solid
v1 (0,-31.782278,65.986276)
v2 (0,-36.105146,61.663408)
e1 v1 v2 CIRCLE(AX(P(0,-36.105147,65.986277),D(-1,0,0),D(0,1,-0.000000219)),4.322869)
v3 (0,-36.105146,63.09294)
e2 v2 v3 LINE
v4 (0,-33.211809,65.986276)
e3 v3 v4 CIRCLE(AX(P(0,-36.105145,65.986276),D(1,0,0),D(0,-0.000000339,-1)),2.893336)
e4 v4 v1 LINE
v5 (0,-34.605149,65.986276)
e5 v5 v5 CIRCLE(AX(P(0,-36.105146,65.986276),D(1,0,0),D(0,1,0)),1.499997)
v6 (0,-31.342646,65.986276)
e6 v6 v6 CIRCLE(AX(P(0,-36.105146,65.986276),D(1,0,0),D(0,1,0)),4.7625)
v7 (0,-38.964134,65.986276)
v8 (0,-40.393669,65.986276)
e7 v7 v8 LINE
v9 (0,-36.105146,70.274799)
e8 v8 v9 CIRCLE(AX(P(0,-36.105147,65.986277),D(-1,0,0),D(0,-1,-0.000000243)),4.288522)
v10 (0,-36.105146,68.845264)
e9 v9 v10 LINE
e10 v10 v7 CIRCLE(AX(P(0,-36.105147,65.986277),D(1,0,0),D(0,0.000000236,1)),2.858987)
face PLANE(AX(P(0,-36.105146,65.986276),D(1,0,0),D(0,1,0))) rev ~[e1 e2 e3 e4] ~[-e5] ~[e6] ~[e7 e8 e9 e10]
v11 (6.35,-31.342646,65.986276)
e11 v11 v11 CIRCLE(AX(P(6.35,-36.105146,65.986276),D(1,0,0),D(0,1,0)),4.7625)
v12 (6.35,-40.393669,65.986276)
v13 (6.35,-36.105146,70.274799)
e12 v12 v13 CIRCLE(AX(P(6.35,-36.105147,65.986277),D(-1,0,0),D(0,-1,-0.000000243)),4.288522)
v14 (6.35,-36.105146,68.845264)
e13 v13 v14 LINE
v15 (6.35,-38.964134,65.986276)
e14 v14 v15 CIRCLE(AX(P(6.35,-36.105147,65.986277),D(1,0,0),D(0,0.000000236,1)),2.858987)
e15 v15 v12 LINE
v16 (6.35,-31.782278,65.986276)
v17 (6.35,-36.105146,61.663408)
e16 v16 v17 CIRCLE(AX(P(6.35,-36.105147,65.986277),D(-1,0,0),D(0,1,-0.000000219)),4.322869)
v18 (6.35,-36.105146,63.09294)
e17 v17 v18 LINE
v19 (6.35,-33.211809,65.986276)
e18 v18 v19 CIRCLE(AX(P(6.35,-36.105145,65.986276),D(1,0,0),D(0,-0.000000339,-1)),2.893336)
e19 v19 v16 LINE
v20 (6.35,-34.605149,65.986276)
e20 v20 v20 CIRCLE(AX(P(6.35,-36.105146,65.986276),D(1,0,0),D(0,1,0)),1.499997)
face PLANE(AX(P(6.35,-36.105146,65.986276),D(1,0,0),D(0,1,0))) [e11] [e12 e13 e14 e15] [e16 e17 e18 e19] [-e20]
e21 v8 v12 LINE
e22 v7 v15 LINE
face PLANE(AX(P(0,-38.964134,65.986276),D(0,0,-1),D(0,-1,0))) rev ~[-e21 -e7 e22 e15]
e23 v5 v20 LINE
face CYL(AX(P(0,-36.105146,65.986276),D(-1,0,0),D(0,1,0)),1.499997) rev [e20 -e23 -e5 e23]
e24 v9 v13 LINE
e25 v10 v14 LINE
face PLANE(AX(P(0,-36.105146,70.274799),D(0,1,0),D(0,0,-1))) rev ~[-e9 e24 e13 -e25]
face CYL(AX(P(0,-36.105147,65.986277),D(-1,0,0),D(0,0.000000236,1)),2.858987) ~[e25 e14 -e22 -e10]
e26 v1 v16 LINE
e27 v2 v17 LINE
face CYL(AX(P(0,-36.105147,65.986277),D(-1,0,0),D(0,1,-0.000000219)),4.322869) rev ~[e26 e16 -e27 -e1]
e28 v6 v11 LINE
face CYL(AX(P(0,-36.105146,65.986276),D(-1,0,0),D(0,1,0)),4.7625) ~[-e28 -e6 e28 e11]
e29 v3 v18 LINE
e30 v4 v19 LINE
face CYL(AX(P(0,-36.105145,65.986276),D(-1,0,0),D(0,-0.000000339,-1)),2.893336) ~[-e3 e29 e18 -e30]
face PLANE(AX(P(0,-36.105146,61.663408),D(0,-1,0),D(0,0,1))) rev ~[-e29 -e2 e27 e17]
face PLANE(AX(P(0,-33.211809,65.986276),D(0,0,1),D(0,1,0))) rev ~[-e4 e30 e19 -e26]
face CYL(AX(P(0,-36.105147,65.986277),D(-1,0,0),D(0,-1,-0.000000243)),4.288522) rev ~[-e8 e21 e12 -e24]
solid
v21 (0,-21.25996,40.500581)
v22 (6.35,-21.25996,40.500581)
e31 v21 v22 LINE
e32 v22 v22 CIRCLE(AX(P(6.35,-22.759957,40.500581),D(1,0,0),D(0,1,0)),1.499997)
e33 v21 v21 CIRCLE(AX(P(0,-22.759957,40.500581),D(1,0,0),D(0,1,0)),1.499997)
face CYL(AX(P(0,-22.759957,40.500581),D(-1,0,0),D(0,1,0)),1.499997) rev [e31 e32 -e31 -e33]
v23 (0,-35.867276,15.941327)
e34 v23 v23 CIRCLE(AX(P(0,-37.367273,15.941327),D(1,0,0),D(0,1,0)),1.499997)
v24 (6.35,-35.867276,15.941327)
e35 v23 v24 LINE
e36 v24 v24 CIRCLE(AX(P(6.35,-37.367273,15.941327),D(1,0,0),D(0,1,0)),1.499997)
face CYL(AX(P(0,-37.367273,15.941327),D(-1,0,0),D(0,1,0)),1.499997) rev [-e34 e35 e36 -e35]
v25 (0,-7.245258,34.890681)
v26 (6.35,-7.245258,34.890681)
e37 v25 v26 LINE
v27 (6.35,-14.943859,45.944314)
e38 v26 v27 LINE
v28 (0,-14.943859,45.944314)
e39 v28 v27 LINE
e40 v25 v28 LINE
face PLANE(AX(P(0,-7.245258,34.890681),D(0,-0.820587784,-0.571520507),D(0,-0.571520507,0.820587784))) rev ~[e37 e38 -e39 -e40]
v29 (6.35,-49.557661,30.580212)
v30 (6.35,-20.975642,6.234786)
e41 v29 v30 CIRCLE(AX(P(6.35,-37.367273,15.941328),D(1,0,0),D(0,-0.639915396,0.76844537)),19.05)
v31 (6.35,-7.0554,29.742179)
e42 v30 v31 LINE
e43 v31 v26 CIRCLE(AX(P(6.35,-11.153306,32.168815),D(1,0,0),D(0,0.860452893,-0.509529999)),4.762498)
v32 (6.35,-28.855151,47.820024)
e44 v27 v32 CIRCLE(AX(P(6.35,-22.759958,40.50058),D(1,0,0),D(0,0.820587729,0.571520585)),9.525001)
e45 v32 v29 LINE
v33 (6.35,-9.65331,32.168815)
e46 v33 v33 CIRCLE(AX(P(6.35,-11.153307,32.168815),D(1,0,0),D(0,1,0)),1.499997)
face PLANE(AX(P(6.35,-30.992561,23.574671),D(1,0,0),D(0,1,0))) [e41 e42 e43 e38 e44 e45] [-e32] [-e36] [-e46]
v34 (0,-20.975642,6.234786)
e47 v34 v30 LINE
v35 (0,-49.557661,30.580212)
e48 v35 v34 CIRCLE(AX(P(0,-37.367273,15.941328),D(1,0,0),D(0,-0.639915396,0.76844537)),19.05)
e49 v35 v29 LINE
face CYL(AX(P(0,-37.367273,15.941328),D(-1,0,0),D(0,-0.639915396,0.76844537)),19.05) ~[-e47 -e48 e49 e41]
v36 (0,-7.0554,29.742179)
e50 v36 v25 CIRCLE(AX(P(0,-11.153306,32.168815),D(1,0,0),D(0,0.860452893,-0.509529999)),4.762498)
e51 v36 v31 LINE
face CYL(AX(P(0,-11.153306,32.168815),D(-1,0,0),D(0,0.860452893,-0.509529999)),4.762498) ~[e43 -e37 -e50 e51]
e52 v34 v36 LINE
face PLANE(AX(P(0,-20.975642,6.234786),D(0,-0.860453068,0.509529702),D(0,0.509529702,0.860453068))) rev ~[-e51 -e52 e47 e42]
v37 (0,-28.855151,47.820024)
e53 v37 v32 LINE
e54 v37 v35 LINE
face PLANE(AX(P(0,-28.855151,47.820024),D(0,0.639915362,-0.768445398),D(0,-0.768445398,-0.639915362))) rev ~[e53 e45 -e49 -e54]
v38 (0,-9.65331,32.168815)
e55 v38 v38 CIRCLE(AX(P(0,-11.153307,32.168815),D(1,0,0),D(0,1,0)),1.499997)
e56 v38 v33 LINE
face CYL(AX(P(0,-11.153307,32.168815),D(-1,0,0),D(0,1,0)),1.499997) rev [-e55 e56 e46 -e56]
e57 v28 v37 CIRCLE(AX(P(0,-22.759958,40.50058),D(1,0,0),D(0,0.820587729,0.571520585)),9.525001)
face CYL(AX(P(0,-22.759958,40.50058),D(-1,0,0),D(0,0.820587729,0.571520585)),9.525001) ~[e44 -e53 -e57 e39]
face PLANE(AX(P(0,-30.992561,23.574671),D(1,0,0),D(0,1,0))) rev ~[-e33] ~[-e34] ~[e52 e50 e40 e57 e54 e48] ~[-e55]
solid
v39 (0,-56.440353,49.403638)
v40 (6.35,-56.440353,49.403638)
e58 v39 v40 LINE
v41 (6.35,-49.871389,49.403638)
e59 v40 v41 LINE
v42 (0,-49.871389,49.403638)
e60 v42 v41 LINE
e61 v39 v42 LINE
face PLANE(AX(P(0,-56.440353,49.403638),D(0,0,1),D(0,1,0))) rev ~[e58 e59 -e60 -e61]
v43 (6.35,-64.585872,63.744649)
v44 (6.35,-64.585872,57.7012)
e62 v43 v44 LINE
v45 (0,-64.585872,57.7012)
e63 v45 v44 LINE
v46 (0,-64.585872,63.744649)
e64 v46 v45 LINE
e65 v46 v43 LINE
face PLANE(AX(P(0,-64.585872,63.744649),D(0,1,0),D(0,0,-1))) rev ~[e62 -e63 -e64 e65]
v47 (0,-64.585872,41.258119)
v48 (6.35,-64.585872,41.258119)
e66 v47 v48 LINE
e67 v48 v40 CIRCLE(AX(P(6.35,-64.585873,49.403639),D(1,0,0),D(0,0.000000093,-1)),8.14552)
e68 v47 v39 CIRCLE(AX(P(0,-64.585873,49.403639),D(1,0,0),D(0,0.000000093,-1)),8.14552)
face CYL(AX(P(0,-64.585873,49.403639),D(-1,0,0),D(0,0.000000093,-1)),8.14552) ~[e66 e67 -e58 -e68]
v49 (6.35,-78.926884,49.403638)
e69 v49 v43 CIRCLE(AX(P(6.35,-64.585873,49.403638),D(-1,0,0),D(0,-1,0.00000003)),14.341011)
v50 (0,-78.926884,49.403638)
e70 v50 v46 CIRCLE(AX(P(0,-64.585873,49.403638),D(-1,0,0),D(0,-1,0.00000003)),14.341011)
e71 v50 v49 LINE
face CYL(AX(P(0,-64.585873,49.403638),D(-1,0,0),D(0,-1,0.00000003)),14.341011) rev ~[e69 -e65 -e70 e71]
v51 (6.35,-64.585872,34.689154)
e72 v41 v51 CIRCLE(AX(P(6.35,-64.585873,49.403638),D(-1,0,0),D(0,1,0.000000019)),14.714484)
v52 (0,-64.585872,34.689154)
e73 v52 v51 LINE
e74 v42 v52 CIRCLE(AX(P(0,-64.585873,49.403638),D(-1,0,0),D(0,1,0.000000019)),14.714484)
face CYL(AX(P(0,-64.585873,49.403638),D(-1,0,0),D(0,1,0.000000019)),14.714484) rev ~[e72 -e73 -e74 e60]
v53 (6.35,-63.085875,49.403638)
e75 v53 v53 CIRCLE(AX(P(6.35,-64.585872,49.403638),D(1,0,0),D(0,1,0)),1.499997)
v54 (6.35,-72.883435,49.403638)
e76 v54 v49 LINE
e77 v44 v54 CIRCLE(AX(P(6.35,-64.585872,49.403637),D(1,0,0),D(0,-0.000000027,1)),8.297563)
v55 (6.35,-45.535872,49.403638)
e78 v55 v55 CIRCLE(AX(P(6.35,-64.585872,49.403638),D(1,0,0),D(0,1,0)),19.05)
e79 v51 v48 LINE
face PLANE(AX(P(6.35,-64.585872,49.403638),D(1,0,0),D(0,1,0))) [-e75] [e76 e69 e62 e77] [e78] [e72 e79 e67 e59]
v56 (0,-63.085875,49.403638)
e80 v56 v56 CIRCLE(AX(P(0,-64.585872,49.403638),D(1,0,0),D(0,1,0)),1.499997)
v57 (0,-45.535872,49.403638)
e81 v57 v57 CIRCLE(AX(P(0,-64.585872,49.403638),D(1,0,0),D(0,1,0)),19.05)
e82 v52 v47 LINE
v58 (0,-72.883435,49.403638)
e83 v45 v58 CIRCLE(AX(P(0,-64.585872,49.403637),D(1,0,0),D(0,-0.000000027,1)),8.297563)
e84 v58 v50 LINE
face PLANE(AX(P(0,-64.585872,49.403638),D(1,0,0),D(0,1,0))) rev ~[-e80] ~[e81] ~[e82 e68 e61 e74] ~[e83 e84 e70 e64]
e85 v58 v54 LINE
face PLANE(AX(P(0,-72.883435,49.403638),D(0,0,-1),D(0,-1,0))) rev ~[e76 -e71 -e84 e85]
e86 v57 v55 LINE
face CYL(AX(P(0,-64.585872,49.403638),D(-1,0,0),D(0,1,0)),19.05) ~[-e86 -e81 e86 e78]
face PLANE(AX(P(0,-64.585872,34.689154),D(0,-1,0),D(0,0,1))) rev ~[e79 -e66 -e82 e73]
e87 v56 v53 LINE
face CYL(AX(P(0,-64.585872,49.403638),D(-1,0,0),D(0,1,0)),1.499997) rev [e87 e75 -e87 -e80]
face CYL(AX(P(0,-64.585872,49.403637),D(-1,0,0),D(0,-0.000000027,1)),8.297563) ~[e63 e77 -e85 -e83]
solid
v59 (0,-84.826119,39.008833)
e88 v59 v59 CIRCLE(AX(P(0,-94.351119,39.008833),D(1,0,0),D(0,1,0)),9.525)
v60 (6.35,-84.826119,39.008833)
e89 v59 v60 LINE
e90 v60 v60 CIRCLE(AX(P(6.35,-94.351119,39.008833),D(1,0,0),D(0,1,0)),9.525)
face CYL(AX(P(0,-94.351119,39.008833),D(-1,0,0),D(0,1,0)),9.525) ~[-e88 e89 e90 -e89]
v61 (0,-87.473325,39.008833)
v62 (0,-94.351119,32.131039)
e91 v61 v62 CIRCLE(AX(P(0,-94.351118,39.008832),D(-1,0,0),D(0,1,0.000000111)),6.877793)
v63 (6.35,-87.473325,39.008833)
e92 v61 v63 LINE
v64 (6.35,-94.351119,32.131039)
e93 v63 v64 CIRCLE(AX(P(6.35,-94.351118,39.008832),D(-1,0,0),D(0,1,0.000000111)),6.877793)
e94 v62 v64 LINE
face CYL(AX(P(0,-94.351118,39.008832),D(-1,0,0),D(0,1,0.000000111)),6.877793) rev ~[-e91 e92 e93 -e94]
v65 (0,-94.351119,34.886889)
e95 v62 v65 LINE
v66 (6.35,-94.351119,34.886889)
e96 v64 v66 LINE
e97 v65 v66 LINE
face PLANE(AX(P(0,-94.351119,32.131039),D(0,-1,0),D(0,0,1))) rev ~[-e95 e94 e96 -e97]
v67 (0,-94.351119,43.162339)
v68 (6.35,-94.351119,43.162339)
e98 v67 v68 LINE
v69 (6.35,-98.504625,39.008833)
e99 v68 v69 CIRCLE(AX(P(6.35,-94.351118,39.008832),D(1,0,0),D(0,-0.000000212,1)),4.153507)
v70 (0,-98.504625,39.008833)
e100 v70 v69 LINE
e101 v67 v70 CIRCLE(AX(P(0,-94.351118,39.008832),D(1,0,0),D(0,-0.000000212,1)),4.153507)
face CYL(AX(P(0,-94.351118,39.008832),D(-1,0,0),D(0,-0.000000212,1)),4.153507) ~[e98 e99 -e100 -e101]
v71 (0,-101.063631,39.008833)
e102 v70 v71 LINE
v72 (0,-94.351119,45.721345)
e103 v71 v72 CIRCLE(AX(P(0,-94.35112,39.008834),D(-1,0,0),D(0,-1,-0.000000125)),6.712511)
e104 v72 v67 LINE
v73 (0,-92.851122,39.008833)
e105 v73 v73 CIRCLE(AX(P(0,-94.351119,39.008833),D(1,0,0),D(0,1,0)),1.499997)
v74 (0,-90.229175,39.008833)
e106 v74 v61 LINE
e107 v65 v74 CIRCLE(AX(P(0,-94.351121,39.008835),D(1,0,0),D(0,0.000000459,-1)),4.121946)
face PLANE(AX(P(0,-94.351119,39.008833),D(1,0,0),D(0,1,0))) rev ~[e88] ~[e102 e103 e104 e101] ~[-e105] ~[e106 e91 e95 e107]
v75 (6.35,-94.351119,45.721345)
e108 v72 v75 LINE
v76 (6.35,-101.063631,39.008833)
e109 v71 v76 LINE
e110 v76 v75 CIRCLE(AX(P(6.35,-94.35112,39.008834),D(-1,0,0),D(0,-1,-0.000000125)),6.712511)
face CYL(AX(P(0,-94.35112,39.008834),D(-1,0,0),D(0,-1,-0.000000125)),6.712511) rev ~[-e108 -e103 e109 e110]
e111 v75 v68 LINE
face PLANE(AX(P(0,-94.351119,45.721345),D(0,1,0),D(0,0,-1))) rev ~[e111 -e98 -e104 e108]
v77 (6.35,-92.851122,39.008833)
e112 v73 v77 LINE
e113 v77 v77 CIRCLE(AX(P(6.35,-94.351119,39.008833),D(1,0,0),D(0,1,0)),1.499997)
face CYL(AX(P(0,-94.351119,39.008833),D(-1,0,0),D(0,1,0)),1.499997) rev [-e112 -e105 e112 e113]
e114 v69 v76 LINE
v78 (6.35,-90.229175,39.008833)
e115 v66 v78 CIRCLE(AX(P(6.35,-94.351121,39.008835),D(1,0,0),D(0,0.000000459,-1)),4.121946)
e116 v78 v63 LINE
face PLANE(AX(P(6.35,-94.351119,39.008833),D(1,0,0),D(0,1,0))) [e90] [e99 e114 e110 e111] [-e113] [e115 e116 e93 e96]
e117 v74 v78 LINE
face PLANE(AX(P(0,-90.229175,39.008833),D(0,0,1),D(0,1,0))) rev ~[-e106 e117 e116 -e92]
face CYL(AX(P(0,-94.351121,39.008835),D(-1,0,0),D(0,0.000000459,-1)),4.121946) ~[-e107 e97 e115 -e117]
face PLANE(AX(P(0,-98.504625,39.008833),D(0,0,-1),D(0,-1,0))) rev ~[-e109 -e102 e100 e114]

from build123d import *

# Parameters (mm, degrees)
F0_R     = 1.499997
F0_R_2   = 9.525
F0_R_3   = 19.05
F0_R_4   = 4.7625
F1_DEPTH = 6.35


with BuildPart() as f1:
    # F0 (on Right) → F1 (new body)
    with BuildSketch(Plane.YZ):
        with BuildLine():
            Line((-20.975642, 6.234786), (-7.0554, 29.742179))
            ThreePointArc((-7.0554, 29.742179), (-6.394042, 32.344319), (-7.245258, 34.890681))
            Line((-7.245258, 34.890681), (-14.943859, 45.944314))
            ThreePointArc((-14.943859, 45.944314), (-21.487185, 49.940161), (-28.855151, 47.820024))
            Line((-28.855151, 47.820024), (-49.557661, 30.580212))
            ThreePointArc((-49.557661, 30.580212), (-49.719906, 1.439088), (-20.975642, 6.234786))
        make_face()
        with Locations((-37.367273, 15.941327)):
            Circle(F0_R, mode=Mode.SUBTRACT)
        with Locations((-11.153307, 32.168815)):
            Circle(F0_R, mode=Mode.SUBTRACT)
        with Locations((-22.759957, 40.500581)):
            Circle(F0_R, mode=Mode.SUBTRACT)
        with Locations((-94.351119, 39.008833)):
            Circle(F0_R_2)
        with Locations((-94.351119, 39.008833)):
            Circle(F0_R, mode=Mode.SUBTRACT)
        with BuildLine():
            Line((-98.504625, 39.008833), (-101.063631, 39.008833))
            ThreePointArc((-101.063631, 39.008833), (-99.097582, 43.755296), (-94.351119, 45.721345))
            Line((-94.351119, 45.721345), (-94.351119, 43.162339))
            ThreePointArc((-94.351119, 43.162339), (-97.288091, 41.945805), (-98.504625, 39.008833))
        make_face(mode=Mode.SUBTRACT)
        with BuildLine():
            ThreePointArc((-87.473325, 39.008833), (-89.487784, 34.145498), (-94.351119, 32.131039))
            Line((-94.351119, 32.131039), (-94.351119, 34.886889))
            ThreePointArc((-94.351119, 34.886889), (-91.436465, 36.094179), (-90.229175, 39.008833))
            Line((-90.229175, 39.008833), (-87.473325, 39.008833))
        make_face(mode=Mode.SUBTRACT)
        with Locations((-64.585872, 49.403638)):
            Circle(F0_R_3)
        with BuildLine():
            Line((-64.585872, 34.689154), (-64.585872, 41.258119))
            ThreePointArc((-64.585872, 41.258119), (-58.826121, 43.643886), (-56.440353, 49.403638))
            Line((-56.440353, 49.403638), (-49.871389, 49.403638))
            ThreePointArc((-49.871389, 49.403638), (-54.181161, 38.998927), (-64.585872, 34.689154))
        make_face(mode=Mode.SUBTRACT)
        with Locations((-64.585872, 49.403638)):
            Circle(F0_R, mode=Mode.SUBTRACT)
        with BuildLine():
            ThreePointArc((-64.585872, 57.7012), (-70.453135, 55.2709), (-72.883435, 49.403638))
            Line((-72.883435, 49.403638), (-78.926884, 49.403638))
            ThreePointArc((-78.926884, 49.403638), (-74.726499, 59.544264), (-64.585872, 63.744649))
            Line((-64.585872, 63.744649), (-64.585872, 57.7012))
        make_face(mode=Mode.SUBTRACT)
        with Locations((-36.105146, 65.986276)):
            Circle(F0_R_4)
        with BuildLine():
            Line((-36.105146, 61.663408), (-36.105146, 63.09294))
            ThreePointArc((-36.105146, 63.09294), (-34.059248, 63.940378), (-33.211809, 65.986276))
            Line((-33.211809, 65.986276), (-31.782278, 65.986276))
            ThreePointArc((-31.782278, 65.986276), (-33.048417, 62.929547), (-36.105146, 61.663408))
        make_face(mode=Mode.SUBTRACT)
        with Locations((-36.105146, 65.986276)):
            Circle(F0_R, mode=Mode.SUBTRACT)
        with BuildLine():
            ThreePointArc((-36.105146, 68.845264), (-38.126756, 68.007886), (-38.964134, 65.986276))
            Line((-38.964134, 65.986276), (-40.393669, 65.986276))
            ThreePointArc((-40.393669, 65.986276), (-39.13759, 69.01872), (-36.105146, 70.274799))
            Line((-36.105146, 70.274799), (-36.105146, 68.845264))
        make_face(mode=Mode.SUBTRACT)
    extrude(amount=F1_DEPTH)


solid = f1.part
